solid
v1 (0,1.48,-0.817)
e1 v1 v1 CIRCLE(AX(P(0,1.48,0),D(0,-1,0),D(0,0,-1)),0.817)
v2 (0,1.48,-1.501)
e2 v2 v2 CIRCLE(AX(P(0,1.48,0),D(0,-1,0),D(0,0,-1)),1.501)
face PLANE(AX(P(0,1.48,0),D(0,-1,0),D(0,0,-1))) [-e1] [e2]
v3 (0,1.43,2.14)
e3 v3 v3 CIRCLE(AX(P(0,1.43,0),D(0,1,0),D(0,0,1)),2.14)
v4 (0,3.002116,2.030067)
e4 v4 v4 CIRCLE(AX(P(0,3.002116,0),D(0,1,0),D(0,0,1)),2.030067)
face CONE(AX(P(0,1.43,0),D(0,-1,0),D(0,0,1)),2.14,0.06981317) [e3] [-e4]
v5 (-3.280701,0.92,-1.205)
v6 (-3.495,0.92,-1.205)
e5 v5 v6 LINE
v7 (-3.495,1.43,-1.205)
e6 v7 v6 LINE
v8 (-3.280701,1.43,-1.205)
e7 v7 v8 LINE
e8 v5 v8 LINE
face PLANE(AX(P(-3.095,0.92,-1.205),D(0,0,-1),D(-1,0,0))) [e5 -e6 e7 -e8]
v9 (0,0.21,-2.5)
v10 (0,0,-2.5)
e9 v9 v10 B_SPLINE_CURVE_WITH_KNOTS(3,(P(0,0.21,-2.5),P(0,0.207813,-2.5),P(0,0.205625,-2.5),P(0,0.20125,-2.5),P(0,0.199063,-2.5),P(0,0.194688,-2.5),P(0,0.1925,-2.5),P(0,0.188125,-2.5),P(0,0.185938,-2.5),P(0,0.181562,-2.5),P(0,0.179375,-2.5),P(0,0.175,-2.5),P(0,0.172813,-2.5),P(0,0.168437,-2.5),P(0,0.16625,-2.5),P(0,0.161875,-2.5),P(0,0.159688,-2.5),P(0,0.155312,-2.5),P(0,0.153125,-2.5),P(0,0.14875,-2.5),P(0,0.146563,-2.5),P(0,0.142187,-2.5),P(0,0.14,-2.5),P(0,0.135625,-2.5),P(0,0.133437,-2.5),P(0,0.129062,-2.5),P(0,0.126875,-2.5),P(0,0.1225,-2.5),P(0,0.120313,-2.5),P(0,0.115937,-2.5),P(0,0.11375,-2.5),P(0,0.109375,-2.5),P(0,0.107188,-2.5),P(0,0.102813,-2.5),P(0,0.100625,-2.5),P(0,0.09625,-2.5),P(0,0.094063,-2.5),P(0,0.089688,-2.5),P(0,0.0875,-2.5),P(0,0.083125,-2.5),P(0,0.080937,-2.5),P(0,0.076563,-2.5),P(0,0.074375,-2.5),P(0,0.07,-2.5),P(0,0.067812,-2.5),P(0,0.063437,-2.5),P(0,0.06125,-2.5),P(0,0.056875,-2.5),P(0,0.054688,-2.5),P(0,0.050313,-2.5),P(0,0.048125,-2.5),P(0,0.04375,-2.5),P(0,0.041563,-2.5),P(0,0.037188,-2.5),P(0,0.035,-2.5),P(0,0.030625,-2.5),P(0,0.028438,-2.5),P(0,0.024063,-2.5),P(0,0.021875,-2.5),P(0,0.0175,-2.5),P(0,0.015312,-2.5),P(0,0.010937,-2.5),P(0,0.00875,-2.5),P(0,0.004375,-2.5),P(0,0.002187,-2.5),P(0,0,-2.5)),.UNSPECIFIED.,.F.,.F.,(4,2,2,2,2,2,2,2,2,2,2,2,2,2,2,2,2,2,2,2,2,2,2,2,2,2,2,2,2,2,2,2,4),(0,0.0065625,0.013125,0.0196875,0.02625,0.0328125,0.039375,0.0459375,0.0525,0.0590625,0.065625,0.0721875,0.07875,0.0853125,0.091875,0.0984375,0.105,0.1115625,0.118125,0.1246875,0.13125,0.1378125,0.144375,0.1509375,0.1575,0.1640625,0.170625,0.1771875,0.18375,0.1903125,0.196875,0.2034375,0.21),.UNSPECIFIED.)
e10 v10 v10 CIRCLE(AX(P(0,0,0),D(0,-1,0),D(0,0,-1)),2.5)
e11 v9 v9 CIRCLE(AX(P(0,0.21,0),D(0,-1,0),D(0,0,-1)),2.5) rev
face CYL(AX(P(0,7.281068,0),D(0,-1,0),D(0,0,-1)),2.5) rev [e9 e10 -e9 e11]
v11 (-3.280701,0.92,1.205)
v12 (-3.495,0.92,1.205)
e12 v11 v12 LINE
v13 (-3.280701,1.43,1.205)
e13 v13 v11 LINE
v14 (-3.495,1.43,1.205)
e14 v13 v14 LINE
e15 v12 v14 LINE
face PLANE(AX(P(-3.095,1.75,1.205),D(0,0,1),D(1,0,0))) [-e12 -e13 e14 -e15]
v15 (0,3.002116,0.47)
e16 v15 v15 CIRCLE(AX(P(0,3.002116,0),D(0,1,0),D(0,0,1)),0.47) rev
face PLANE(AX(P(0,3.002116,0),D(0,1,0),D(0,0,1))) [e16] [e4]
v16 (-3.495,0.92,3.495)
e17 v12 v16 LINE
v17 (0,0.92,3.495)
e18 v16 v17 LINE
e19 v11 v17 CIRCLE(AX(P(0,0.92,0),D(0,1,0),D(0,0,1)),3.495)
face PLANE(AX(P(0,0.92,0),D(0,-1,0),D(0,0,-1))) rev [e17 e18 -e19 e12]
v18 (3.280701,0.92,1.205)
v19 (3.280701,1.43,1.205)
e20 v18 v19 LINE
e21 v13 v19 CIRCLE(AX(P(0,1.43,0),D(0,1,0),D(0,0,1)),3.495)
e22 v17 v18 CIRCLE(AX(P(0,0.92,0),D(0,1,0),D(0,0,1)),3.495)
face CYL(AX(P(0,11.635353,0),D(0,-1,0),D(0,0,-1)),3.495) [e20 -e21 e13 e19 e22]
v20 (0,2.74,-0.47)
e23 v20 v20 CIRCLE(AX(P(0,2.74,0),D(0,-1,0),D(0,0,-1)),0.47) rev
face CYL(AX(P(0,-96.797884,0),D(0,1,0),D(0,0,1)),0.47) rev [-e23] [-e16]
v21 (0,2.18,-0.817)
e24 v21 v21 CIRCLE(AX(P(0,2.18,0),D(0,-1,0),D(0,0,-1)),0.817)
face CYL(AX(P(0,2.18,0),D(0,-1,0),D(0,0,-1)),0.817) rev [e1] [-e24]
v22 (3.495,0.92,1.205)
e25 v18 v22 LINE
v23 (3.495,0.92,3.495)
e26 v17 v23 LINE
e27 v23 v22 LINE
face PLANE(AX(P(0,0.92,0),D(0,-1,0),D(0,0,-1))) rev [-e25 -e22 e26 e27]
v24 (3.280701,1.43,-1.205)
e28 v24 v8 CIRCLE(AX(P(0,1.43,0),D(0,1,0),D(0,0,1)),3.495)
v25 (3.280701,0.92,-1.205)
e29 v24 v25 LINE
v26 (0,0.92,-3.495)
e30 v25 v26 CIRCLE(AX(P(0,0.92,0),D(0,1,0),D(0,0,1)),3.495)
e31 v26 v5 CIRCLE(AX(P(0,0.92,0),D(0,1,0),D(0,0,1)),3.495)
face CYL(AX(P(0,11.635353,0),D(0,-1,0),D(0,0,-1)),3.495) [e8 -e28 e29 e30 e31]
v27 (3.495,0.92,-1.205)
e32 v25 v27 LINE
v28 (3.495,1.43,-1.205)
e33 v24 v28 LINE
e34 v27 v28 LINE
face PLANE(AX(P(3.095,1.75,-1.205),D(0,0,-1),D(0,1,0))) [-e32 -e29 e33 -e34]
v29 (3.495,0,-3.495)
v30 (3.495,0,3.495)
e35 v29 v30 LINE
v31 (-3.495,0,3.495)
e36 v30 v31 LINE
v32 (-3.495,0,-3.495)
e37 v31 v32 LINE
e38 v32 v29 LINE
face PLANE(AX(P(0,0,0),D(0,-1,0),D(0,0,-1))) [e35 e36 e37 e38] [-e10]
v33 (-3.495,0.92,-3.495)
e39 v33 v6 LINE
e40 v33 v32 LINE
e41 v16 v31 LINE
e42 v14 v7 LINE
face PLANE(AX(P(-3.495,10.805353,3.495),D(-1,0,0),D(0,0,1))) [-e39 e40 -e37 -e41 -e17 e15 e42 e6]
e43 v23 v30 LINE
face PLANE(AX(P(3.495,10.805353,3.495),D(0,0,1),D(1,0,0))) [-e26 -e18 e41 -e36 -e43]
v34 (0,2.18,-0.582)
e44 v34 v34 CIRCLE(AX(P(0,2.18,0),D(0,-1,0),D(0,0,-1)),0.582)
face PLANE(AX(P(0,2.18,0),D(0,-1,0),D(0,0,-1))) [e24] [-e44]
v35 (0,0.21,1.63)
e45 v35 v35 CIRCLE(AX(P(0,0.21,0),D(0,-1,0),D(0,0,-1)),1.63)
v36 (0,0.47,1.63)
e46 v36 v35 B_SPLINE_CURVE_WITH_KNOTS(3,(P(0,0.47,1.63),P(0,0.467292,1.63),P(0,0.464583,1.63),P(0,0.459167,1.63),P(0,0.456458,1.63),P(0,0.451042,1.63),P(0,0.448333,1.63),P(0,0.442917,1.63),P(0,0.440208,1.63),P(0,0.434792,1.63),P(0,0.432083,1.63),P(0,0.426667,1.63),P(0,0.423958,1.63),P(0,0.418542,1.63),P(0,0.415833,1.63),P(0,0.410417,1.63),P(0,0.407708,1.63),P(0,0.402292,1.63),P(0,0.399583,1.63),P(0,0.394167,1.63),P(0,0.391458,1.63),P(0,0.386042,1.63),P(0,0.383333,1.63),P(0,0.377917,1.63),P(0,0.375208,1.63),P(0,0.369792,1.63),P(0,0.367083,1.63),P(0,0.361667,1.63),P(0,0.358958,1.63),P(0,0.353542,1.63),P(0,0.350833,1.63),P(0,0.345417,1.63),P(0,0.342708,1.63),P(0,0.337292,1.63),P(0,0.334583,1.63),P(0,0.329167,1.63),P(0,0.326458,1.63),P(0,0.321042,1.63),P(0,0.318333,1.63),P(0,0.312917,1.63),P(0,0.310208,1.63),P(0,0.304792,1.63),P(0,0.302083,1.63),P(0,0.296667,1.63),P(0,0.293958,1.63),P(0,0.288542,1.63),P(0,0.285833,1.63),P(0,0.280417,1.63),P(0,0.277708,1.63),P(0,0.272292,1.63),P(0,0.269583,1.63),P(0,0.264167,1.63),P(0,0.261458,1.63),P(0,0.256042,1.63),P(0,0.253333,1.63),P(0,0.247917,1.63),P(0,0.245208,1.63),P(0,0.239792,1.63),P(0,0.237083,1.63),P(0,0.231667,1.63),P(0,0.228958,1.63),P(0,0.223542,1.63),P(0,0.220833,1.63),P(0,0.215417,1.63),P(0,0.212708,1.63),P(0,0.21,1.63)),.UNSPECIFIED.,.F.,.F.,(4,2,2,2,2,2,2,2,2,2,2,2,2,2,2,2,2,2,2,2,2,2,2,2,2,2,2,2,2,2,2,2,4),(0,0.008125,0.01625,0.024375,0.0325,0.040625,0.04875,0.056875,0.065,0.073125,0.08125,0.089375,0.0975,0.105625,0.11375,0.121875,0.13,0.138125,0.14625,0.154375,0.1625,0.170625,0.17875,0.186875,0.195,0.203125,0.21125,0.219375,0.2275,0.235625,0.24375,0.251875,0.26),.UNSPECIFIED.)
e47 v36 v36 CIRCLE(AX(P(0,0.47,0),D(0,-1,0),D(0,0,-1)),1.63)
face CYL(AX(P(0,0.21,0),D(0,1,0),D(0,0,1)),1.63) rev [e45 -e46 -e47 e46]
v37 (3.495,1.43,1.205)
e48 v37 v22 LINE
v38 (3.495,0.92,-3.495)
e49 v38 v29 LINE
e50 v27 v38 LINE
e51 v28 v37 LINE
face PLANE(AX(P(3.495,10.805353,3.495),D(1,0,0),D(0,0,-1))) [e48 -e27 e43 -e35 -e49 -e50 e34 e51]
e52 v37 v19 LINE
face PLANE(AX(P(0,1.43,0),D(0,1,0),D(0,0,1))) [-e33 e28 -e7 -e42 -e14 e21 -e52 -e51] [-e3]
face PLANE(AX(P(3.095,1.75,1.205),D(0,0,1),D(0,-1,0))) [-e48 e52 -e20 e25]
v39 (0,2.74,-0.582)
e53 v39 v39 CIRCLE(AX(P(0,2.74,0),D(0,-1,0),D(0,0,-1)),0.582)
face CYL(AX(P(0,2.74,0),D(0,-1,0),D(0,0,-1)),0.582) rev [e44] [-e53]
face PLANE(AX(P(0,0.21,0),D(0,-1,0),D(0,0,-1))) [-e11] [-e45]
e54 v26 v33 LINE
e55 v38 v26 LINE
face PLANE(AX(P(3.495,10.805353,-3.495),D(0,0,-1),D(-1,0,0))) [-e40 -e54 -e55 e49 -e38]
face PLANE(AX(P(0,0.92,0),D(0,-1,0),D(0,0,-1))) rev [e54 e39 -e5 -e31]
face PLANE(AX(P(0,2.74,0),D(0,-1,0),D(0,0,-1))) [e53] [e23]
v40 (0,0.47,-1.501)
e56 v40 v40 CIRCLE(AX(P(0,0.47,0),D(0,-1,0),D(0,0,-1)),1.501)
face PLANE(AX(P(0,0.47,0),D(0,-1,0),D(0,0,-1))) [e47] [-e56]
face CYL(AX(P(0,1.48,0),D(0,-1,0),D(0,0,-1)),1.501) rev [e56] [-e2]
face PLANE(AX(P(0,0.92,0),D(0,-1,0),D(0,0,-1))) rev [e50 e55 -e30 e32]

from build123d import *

# Parameters (mm, degrees)
SKETCH1_W               = 7.01
SKETCH1_H               = 7.01
BOSS_EXTRUDE1_DEPTH     = 0.92
SKETCH2_R               = 3.505
BOSS_EXTRUDE2_DEPTH     = 0.83
SKETCH3_R               = 2.135
BOSS_EXTRUDE3_DEPTH     = 1.752116255
SKETCH4_R               = 2.085
CUT_EXTRUDE1_DEPTH      = 1
CUT_EXTRUDE2_DEPTH      = 7.069173606
CUT_EXTRUDE2_DEPTH_BACK = 7.069173606
SKETCH5_W               = 2.65
SKETCH5_H               = 2.65
SKETCH6_W               = 8.843273239
SKETCH6_H               = 10.721573241
SKETCH6_W_2             = 7.01
SKETCH6_H_2             = 7.01
SKETCH6_W_3             = 6
SKETCH6_H_3             = 6
CUT_EXTRUDE3_DEPTH      = 10
SKETCH7_W               = 8.855260717
SKETCH7_H               = 9.729262333
SKETCH7_R               = 3
CUT_EXTRUDE4_DEPTH      = 0.83
SKETCH8_W               = 2.771053774
SKETCH8_H               = 2.773686404
BOSS_EXTRUDE4_DEPTH     = 2.502116255
SKETCH9_R               = 0.554
CUT_EXTRUDE5_DEPTH      = 0.3
SKETCH10_R              = 0.47
CUT_EXTRUDE6_DEPTH      = 100
SKETCH11_R              = 1.501
CUT_EXTRUDE7_DEPTH      = 0.48
SKETCH12_R              = 0.817
CUT_EXTRUDE8_DEPTH      = 0.7
SKETCH14_R              = 0.582
CUT_EXTRUDE9_DEPTH      = 0.56
BOSS_EXTRUDE5_START     = 0.05
SKETCH15_R              = 0.554
SKETCH15_R_2            = 0.47
BOSS_EXTRUDE5_DEPTH     = 0.05
BOSS_EXTRUDE6_START     = 0.79
SKETCH16_R              = 2.085
SKETCH16_R_2            = 1.63
BOSS_EXTRUDE6_DEPTH     = 0.79
BOSS_EXTRUDE7_START     = 0.53
SKETCH17_R              = 1.63
SKETCH17_R_2            = 1.501
BOSS_EXTRUDE7_DEPTH     = 0.53
SKETCH18_R              = 2.572537364
SKETCH18_R_2            = 1.5
CUT_EXTRUDE10_DEPTH     = 1.752116255
BOSS_EXTRUDE8_START     = 0.21
SKETCH19_R              = 2.085
SKETCH19_R_2            = 1.705
BOSS_EXTRUDE8_DEPTH     = 0.21
SKETCH20_W              = 6.707027697
SKETCH20_H              = 11.442069063
SKETCH20_R              = 1.8
CUT_EXTRUDE11_DEPTH     = 0.83
SKETCH21_W              = 6.520255289
SKETCH21_H              = 15.458610975
SKETCH21_W_2            = 3.8
SKETCH21_H_2            = 3.8
CUT_EXTRUDE12_DEPTH     = 10
SKETCH23_W              = 6.99
SKETCH23_H              = 6.99
SKETCH23_W_2            = 3.502421246
SKETCH23_H_2            = 3.548313749
BOSS_EXTRUDE9_DEPTH     = 0.92
SKETCH24_W              = 6.057488838
SKETCH24_H              = 5.341048382
CUT_EXTRUDE14_DEPTH     = 0.13
SKETCH25_R              = 3.495
SKETCH25_R_2            = 1.679124266
BOSS_EXTRUDE10_DEPTH    = 0.83
SKETCH26_W              = 0.8
SKETCH26_H              = 2.36
BOSS_EXTRUDE11_DEPTH    = 0.83
SKETCH27_W              = 0.802423375
SKETCH27_H              = 2.36
BOSS_EXTRUDE12_DEPTH    = 0.83
SKETCH28_R              = 2.14
SKETCH28_R_2            = 1.325961915
BOSS_EXTRUDE13_DEPTH    = 1.622116255
SKETCH29_R              = 2.5
CUT_EXTRUDE15_DEPTH     = 0.21
SKETCH30_W              = 0.025
SKETCH30_H              = 0.83
BOSS_EXTRUDE14_DEPTH    = 0.4
SKETCH31_W              = 0.025
SKETCH31_H              = 0.83
BOSS_EXTRUDE15_DEPTH    = 0.4
SKETCH32_R              = 5.119404283
SKETCH32_R_2            = 2.14
CUT_EXTRUDE16_DEPTH     = 0.32
SKETCH33_W              = 6.584709795
SKETCH33_H              = 4.796866642
CUT_EXTRUDE17_DEPTH     = 0.37
SKETCH35_W              = 5.183427323
SKETCH35_H              = 5.029681598
SKETCH35_R              = 2.14
CUT_EXTRUDE18_DEPTH     = 1.572116
CUT_EXTRUDE18_DRAFT     = -4


with BuildPart() as part:
    # Sketch1 → Boss-Extrude1 (new body)
    with BuildSketch(Plane(origin=(0, 0, 0), x_dir=(1, 0, 0), z_dir=(0, 1, 0))):
        Rectangle(SKETCH1_W, SKETCH1_H)
    extrude(amount=BOSS_EXTRUDE1_DEPTH)

    # Sketch2 → Boss-Extrude2 (add)
    with BuildSketch(Plane(origin=(0, 0.92, 0), x_dir=(1, 0, 0), z_dir=(0, 1, 0))):
        with Locations(Location((0, 0, 0), (0, 0, 270))):
            Circle(SKETCH2_R)
    extrude(amount=BOSS_EXTRUDE2_DEPTH)

    # Sketch3 → Boss-Extrude3 (add)
    with BuildSketch(Plane(origin=(0, 1.75, 0), x_dir=(1, 0, 0), z_dir=(0, 1, 0))):
        with Locations(Location((0, 0, 0), (0, 0, 270))):
            Circle(SKETCH3_R)
    extrude(amount=BOSS_EXTRUDE3_DEPTH)

    # Sketch4 → Cut-Extrude1 (cut)
    with BuildSketch(Plane.XZ):
        with Locations(Location((0, 0, 0), (0, 0, 270))):
            Circle(SKETCH4_R)
    extrude(amount=-CUT_EXTRUDE1_DEPTH, mode=Mode.SUBTRACT)

    # Sketch5 → Cut-Extrude2 (cut, two sides: drawn at the far end of the back side and taken through both)
    with BuildSketch(Plane(origin=(0, 3.502116255, 0), x_dir=(1, 0, 0), z_dir=(0, 1, 0)).offset(-CUT_EXTRUDE2_DEPTH_BACK)):
        Rectangle(SKETCH5_W, SKETCH5_H)
    extrude(amount=CUT_EXTRUDE2_DEPTH + CUT_EXTRUDE2_DEPTH_BACK, mode=Mode.SUBTRACT)

    # Sketch6 → Cut-Extrude3 (cut)
    # profile 1 of 2: a face of its own
    with BuildSketch(Plane.XZ):
        with Locations((-0.050657098, -0.002715124)):
            Rectangle(SKETCH6_W, SKETCH6_H)
        Rectangle(SKETCH6_W_2, SKETCH6_H_2, mode=Mode.SUBTRACT)
    # profile 2 of 2: a face of its own
    with BuildSketch(Plane.XZ):
        Rectangle(SKETCH6_W_2, SKETCH6_H_2)
        Rectangle(SKETCH6_W_3, SKETCH6_H_3, mode=Mode.SUBTRACT)
    extrude(amount=-CUT_EXTRUDE3_DEPTH, mode=Mode.SUBTRACT)

    # Sketch7 → Cut-Extrude4 (cut)
    with BuildSketch(Plane(origin=(0, 1.75, 0), x_dir=(1, 0, 0), z_dir=(0, 1, 0))):
        with Locations((-0.111516438, -0.542198567)):
            Rectangle(SKETCH7_W, SKETCH7_H)
        with Locations(Location((0, 0, 0), (0, 0, 270))):
            Circle(SKETCH7_R, mode=Mode.SUBTRACT)
    extrude(amount=-CUT_EXTRUDE4_DEPTH, mode=Mode.SUBTRACT)

    # Sketch8 → Boss-Extrude4 (add)
    with BuildSketch(Plane.XZ.offset(-1)):
        with Locations((0.002668444, 0.023551669)):
            Rectangle(SKETCH8_W, SKETCH8_H)
    extrude(amount=-BOSS_EXTRUDE4_DEPTH)

    # Sketch9 → Cut-Extrude5 (cut)
    with BuildSketch(Plane(origin=(0, 3.502116255, 0), x_dir=(1, 0, 0), z_dir=(0, 1, 0))):
        with Locations(Location((0, 0, 0), (0, 0, 270))):
            Circle(SKETCH9_R)
    extrude(amount=-CUT_EXTRUDE5_DEPTH, mode=Mode.SUBTRACT)

    # Sketch10 → Cut-Extrude6 (cut)
    with BuildSketch(Plane(origin=(0, 3.202116255, 0), x_dir=(1, 0, 0), z_dir=(0, 1, 0))):
        with Locations(Location((0, 0, 0), (0, 0, 270))):
            Circle(SKETCH10_R)
    extrude(amount=-CUT_EXTRUDE6_DEPTH, mode=Mode.SUBTRACT)

    # Sketch11 → Cut-Extrude7 (cut)
    with BuildSketch(Plane.XZ.offset(-1)):
        with Locations(Location((0, 0, 0), (0, 0, 270))):
            Circle(SKETCH11_R)
    extrude(amount=-CUT_EXTRUDE7_DEPTH, mode=Mode.SUBTRACT)

    # Sketch12 → Cut-Extrude8 (cut)
    with BuildSketch(Plane.XZ.offset(-1.48)):
        with Locations(Location((0, 0, 0), (0, 0, 270))):
            Circle(SKETCH12_R)
    extrude(amount=-CUT_EXTRUDE8_DEPTH, mode=Mode.SUBTRACT)

    # Sketch14 → Cut-Extrude9 (cut)
    with BuildSketch(Plane.XZ.offset(-2.18)):
        with Locations(Location((0, 0, 0), (0, 0, 270))):
            Circle(SKETCH14_R)
    extrude(amount=-CUT_EXTRUDE9_DEPTH, mode=Mode.SUBTRACT)

    # Sketch15 → Boss-Extrude5 (add)
    with BuildSketch(Plane(origin=(0, 3.202116255, 0), x_dir=(1, 0, 0), z_dir=(0, 1, 0)).offset(BOSS_EXTRUDE5_START)):
        with Locations(Location((0, 0, 0), (0, 0, 270))):
            Circle(SKETCH15_R)
        with Locations(Location((0, 0, 0), (0, 0, 270))):
            Circle(SKETCH15_R_2, mode=Mode.SUBTRACT)
    extrude(amount=-BOSS_EXTRUDE5_DEPTH)

    # Sketch16 → Boss-Extrude6 (add)
    with BuildSketch(Plane.XZ.offset(-1).offset(BOSS_EXTRUDE6_START)):
        with Locations(Location((0, 0, 0), (0, 0, 270))):
            Circle(SKETCH16_R)
        with Locations(Location((0, 0, 0), (0, 0, 90))):
            Circle(SKETCH16_R_2, mode=Mode.SUBTRACT)
    extrude(amount=-BOSS_EXTRUDE6_DEPTH)

    # Sketch17 → Boss-Extrude7 (add)
    with BuildSketch(Plane.XZ.offset(-1).offset(BOSS_EXTRUDE7_START)):
        with Locations(Location((0, 0, 0), (0, 0, 90))):
            Circle(SKETCH17_R)
        with Locations(Location((0, 0, 0), (0, 0, 270))):
            Circle(SKETCH17_R_2, mode=Mode.SUBTRACT)
    extrude(amount=-BOSS_EXTRUDE7_DEPTH)

    # Sketch18 → Cut-Extrude10 (cut)
    with BuildSketch(Plane(origin=(0, 3.502116255, 0), x_dir=(1, 0, 0), z_dir=(0, 1, 0))):
        Circle(SKETCH18_R)
        with Locations(Location((0, 0, 0), (0, 0, 270))):
            Circle(SKETCH18_R_2, mode=Mode.SUBTRACT)
    extrude(amount=-CUT_EXTRUDE10_DEPTH, mode=Mode.SUBTRACT)

    # Sketch19 → Boss-Extrude8 (add)
    with BuildSketch(Plane.XZ.offset(-0.21).offset(BOSS_EXTRUDE8_START)):
        Circle(SKETCH19_R)
        with Locations(Location((0, 0, 0), (0, 0, 90))):
            Circle(SKETCH19_R_2, mode=Mode.SUBTRACT)
    extrude(amount=-BOSS_EXTRUDE8_DEPTH)

    # Sketch20 → Cut-Extrude11 (cut)
    with BuildSketch(Plane(origin=(0, 1.75, 0), x_dir=(1, 0, 0), z_dir=(0, 1, 0))):
        with Locations((0.104915626, 1.709559423)):
            Rectangle(SKETCH20_W, SKETCH20_H)
        with Locations(Location((0, 0, 0), (0, 0, 270))):
            Circle(SKETCH20_R, mode=Mode.SUBTRACT)
    extrude(amount=-CUT_EXTRUDE11_DEPTH, mode=Mode.SUBTRACT)

    # Sketch21 → Cut-Extrude12 (cut)
    with BuildSketch(Plane(origin=(0, 0.92, 0), x_dir=(1, 0, 0), z_dir=(0, 1, 0))):
        with Locations((-0.167365124, 0.45607417)):
            Rectangle(SKETCH21_W, SKETCH21_H)
        Rectangle(SKETCH21_W_2, SKETCH21_H_2, mode=Mode.SUBTRACT)
    extrude(amount=-CUT_EXTRUDE12_DEPTH, mode=Mode.SUBTRACT)

    # Sketch23 → Boss-Extrude9 (add)
    with BuildSketch(Plane.XZ):
        Rectangle(SKETCH23_W, SKETCH23_H)
        with Locations((-0.032460289, -0.038632405)):
            Rectangle(SKETCH23_W_2, SKETCH23_H_2, mode=Mode.SUBTRACT)
    extrude(amount=-BOSS_EXTRUDE9_DEPTH)

    # Sketch24 → Cut-Extrude14 (cut)
    with BuildSketch(Plane(origin=(0, 3.502116255, 0), x_dir=(1, 0, 0), z_dir=(0, 1, 0))):
        with Locations((0.48256212, -0.051480008)):
            Rectangle(SKETCH24_W, SKETCH24_H)
    extrude(amount=-CUT_EXTRUDE14_DEPTH, mode=Mode.SUBTRACT)

    # Sketch25 → Boss-Extrude10 (add)
    with BuildSketch(Plane(origin=(0, 0.92, 0), x_dir=(1, 0, 0), z_dir=(0, 1, 0))):
        with Locations(Location((0, 0, 0), (0, 0, 270))):
            Circle(SKETCH25_R)
        Circle(SKETCH25_R_2, mode=Mode.SUBTRACT)
    extrude(amount=BOSS_EXTRUDE10_DEPTH)

    # Sketch26 → Boss-Extrude11 (add)
    with BuildSketch(Plane(origin=(0, 1.75, 0), x_dir=(1, 0, 0), z_dir=(0, 1, 0))):
        with Locations((3.095, 0)):
            Rectangle(SKETCH26_W, SKETCH26_H)
    extrude(amount=-BOSS_EXTRUDE11_DEPTH)

    # Sketch27 → Boss-Extrude12 (add)
    with BuildSketch(Plane(origin=(0, 1.75, 0), x_dir=(1, 0, 0), z_dir=(0, 1, 0))):
        with Locations((-3.093788313, 0)):
            Rectangle(SKETCH27_W, SKETCH27_H)
    extrude(amount=-BOSS_EXTRUDE12_DEPTH)

    # Sketch28 → Boss-Extrude13 (add)
    with BuildSketch(Plane(origin=(0, 3.372116255, 0), x_dir=(1, 0, 0), z_dir=(0, 1, 0))):
        with Locations(Location((0, 0, 0), (0, 0, 270))):
            Circle(SKETCH28_R)
        Circle(SKETCH28_R_2, mode=Mode.SUBTRACT)
    extrude(amount=-BOSS_EXTRUDE13_DEPTH)

    # Sketch29 → Cut-Extrude15 (cut)
    with BuildSketch(Plane.XZ):
        with Locations(Location((0, 0, 0), (0, 0, 270))):
            Circle(SKETCH29_R)
    extrude(amount=-CUT_EXTRUDE15_DEPTH, mode=Mode.SUBTRACT)

    # Sketch30 → Boss-Extrude14 (add)
    with BuildSketch(Plane.ZY.offset(3.495)):
        with Locations((-1.1925, 1.335)):
            Rectangle(SKETCH30_W, SKETCH30_H)
        with Locations((1.1925, 1.335)):
            Rectangle(SKETCH30_W, SKETCH30_H)
    extrude(amount=-BOSS_EXTRUDE14_DEPTH)

    # Sketch31 → Boss-Extrude15 (add)
    with BuildSketch(Plane(origin=(3.495, 0, 0), x_dir=(0, 0, -1), z_dir=(1, 0, 0))):
        with Locations((-1.1925, 1.335)):
            Rectangle(SKETCH31_W, SKETCH31_H)
        with Locations((1.1925, 1.335)):
            Rectangle(SKETCH31_W, SKETCH31_H)
    extrude(amount=-BOSS_EXTRUDE15_DEPTH)

    # Sketch32 → Cut-Extrude16 (cut)
    with BuildSketch(Plane(origin=(0, 1.75, 0), x_dir=(1, 0, 0), z_dir=(0, 1, 0))):
        Circle(SKETCH32_R)
        with Locations(Location((0, 0, 0), (0, 0, 270))):
            Circle(SKETCH32_R_2, mode=Mode.SUBTRACT)
    extrude(amount=-CUT_EXTRUDE16_DEPTH, mode=Mode.SUBTRACT)

    # Sketch33 → Cut-Extrude17 (cut)
    with BuildSketch(Plane(origin=(0, 3.372116255, 0), x_dir=(1, 0, 0), z_dir=(0, 1, 0))):
        with Locations((0.213047648, -0.01757094)):
            Rectangle(SKETCH33_W, SKETCH33_H)
    extrude(amount=-CUT_EXTRUDE17_DEPTH, mode=Mode.SUBTRACT)


with BuildPart() as cut_extrude18_tool:
    # Sketch35 → Cut-Extrude18 (with draft: the straight prism first)
    with BuildSketch(Plane(origin=(0, 1.43, 0), x_dir=(1, 0, 0), z_dir=(0, 1, 0))):
        with Locations((0.01757094, -0.081265598)):
            Rectangle(SKETCH35_W, SKETCH35_H)
        Circle(SKETCH35_R, mode=Mode.SUBTRACT)
    extrude(amount=CUT_EXTRUDE18_DEPTH)
    # Cut-Extrude18: the draft: its side faces are tilted about the plane it starts from
    cut_extrude18_sides = [cut_extrude18_tool.faces().sort_by_distance(p)[0] for p in [
        (-2.574142721, 2.216058, 0.081265598),
        (0.01757094, 2.216058, 2.596106397),
        (2.609284602, 2.216058, 0.081265598),
        (0.01757094, 2.216058, -2.433575201),
        (-2.14, 2.216058, 0),
    ]]
    draft(cut_extrude18_sides, Plane(origin=(0, 1.43, 0), x_dir=(1, 0, 0), z_dir=(0, 1, 0)), CUT_EXTRUDE18_DRAFT)


with BuildPart() as part_1:
    add(part.part)

    # Cut-Extrude18: cut by cut_extrude18_tool
    add(cut_extrude18_tool.part, mode=Mode.SUBTRACT)


solid = part_1.part
